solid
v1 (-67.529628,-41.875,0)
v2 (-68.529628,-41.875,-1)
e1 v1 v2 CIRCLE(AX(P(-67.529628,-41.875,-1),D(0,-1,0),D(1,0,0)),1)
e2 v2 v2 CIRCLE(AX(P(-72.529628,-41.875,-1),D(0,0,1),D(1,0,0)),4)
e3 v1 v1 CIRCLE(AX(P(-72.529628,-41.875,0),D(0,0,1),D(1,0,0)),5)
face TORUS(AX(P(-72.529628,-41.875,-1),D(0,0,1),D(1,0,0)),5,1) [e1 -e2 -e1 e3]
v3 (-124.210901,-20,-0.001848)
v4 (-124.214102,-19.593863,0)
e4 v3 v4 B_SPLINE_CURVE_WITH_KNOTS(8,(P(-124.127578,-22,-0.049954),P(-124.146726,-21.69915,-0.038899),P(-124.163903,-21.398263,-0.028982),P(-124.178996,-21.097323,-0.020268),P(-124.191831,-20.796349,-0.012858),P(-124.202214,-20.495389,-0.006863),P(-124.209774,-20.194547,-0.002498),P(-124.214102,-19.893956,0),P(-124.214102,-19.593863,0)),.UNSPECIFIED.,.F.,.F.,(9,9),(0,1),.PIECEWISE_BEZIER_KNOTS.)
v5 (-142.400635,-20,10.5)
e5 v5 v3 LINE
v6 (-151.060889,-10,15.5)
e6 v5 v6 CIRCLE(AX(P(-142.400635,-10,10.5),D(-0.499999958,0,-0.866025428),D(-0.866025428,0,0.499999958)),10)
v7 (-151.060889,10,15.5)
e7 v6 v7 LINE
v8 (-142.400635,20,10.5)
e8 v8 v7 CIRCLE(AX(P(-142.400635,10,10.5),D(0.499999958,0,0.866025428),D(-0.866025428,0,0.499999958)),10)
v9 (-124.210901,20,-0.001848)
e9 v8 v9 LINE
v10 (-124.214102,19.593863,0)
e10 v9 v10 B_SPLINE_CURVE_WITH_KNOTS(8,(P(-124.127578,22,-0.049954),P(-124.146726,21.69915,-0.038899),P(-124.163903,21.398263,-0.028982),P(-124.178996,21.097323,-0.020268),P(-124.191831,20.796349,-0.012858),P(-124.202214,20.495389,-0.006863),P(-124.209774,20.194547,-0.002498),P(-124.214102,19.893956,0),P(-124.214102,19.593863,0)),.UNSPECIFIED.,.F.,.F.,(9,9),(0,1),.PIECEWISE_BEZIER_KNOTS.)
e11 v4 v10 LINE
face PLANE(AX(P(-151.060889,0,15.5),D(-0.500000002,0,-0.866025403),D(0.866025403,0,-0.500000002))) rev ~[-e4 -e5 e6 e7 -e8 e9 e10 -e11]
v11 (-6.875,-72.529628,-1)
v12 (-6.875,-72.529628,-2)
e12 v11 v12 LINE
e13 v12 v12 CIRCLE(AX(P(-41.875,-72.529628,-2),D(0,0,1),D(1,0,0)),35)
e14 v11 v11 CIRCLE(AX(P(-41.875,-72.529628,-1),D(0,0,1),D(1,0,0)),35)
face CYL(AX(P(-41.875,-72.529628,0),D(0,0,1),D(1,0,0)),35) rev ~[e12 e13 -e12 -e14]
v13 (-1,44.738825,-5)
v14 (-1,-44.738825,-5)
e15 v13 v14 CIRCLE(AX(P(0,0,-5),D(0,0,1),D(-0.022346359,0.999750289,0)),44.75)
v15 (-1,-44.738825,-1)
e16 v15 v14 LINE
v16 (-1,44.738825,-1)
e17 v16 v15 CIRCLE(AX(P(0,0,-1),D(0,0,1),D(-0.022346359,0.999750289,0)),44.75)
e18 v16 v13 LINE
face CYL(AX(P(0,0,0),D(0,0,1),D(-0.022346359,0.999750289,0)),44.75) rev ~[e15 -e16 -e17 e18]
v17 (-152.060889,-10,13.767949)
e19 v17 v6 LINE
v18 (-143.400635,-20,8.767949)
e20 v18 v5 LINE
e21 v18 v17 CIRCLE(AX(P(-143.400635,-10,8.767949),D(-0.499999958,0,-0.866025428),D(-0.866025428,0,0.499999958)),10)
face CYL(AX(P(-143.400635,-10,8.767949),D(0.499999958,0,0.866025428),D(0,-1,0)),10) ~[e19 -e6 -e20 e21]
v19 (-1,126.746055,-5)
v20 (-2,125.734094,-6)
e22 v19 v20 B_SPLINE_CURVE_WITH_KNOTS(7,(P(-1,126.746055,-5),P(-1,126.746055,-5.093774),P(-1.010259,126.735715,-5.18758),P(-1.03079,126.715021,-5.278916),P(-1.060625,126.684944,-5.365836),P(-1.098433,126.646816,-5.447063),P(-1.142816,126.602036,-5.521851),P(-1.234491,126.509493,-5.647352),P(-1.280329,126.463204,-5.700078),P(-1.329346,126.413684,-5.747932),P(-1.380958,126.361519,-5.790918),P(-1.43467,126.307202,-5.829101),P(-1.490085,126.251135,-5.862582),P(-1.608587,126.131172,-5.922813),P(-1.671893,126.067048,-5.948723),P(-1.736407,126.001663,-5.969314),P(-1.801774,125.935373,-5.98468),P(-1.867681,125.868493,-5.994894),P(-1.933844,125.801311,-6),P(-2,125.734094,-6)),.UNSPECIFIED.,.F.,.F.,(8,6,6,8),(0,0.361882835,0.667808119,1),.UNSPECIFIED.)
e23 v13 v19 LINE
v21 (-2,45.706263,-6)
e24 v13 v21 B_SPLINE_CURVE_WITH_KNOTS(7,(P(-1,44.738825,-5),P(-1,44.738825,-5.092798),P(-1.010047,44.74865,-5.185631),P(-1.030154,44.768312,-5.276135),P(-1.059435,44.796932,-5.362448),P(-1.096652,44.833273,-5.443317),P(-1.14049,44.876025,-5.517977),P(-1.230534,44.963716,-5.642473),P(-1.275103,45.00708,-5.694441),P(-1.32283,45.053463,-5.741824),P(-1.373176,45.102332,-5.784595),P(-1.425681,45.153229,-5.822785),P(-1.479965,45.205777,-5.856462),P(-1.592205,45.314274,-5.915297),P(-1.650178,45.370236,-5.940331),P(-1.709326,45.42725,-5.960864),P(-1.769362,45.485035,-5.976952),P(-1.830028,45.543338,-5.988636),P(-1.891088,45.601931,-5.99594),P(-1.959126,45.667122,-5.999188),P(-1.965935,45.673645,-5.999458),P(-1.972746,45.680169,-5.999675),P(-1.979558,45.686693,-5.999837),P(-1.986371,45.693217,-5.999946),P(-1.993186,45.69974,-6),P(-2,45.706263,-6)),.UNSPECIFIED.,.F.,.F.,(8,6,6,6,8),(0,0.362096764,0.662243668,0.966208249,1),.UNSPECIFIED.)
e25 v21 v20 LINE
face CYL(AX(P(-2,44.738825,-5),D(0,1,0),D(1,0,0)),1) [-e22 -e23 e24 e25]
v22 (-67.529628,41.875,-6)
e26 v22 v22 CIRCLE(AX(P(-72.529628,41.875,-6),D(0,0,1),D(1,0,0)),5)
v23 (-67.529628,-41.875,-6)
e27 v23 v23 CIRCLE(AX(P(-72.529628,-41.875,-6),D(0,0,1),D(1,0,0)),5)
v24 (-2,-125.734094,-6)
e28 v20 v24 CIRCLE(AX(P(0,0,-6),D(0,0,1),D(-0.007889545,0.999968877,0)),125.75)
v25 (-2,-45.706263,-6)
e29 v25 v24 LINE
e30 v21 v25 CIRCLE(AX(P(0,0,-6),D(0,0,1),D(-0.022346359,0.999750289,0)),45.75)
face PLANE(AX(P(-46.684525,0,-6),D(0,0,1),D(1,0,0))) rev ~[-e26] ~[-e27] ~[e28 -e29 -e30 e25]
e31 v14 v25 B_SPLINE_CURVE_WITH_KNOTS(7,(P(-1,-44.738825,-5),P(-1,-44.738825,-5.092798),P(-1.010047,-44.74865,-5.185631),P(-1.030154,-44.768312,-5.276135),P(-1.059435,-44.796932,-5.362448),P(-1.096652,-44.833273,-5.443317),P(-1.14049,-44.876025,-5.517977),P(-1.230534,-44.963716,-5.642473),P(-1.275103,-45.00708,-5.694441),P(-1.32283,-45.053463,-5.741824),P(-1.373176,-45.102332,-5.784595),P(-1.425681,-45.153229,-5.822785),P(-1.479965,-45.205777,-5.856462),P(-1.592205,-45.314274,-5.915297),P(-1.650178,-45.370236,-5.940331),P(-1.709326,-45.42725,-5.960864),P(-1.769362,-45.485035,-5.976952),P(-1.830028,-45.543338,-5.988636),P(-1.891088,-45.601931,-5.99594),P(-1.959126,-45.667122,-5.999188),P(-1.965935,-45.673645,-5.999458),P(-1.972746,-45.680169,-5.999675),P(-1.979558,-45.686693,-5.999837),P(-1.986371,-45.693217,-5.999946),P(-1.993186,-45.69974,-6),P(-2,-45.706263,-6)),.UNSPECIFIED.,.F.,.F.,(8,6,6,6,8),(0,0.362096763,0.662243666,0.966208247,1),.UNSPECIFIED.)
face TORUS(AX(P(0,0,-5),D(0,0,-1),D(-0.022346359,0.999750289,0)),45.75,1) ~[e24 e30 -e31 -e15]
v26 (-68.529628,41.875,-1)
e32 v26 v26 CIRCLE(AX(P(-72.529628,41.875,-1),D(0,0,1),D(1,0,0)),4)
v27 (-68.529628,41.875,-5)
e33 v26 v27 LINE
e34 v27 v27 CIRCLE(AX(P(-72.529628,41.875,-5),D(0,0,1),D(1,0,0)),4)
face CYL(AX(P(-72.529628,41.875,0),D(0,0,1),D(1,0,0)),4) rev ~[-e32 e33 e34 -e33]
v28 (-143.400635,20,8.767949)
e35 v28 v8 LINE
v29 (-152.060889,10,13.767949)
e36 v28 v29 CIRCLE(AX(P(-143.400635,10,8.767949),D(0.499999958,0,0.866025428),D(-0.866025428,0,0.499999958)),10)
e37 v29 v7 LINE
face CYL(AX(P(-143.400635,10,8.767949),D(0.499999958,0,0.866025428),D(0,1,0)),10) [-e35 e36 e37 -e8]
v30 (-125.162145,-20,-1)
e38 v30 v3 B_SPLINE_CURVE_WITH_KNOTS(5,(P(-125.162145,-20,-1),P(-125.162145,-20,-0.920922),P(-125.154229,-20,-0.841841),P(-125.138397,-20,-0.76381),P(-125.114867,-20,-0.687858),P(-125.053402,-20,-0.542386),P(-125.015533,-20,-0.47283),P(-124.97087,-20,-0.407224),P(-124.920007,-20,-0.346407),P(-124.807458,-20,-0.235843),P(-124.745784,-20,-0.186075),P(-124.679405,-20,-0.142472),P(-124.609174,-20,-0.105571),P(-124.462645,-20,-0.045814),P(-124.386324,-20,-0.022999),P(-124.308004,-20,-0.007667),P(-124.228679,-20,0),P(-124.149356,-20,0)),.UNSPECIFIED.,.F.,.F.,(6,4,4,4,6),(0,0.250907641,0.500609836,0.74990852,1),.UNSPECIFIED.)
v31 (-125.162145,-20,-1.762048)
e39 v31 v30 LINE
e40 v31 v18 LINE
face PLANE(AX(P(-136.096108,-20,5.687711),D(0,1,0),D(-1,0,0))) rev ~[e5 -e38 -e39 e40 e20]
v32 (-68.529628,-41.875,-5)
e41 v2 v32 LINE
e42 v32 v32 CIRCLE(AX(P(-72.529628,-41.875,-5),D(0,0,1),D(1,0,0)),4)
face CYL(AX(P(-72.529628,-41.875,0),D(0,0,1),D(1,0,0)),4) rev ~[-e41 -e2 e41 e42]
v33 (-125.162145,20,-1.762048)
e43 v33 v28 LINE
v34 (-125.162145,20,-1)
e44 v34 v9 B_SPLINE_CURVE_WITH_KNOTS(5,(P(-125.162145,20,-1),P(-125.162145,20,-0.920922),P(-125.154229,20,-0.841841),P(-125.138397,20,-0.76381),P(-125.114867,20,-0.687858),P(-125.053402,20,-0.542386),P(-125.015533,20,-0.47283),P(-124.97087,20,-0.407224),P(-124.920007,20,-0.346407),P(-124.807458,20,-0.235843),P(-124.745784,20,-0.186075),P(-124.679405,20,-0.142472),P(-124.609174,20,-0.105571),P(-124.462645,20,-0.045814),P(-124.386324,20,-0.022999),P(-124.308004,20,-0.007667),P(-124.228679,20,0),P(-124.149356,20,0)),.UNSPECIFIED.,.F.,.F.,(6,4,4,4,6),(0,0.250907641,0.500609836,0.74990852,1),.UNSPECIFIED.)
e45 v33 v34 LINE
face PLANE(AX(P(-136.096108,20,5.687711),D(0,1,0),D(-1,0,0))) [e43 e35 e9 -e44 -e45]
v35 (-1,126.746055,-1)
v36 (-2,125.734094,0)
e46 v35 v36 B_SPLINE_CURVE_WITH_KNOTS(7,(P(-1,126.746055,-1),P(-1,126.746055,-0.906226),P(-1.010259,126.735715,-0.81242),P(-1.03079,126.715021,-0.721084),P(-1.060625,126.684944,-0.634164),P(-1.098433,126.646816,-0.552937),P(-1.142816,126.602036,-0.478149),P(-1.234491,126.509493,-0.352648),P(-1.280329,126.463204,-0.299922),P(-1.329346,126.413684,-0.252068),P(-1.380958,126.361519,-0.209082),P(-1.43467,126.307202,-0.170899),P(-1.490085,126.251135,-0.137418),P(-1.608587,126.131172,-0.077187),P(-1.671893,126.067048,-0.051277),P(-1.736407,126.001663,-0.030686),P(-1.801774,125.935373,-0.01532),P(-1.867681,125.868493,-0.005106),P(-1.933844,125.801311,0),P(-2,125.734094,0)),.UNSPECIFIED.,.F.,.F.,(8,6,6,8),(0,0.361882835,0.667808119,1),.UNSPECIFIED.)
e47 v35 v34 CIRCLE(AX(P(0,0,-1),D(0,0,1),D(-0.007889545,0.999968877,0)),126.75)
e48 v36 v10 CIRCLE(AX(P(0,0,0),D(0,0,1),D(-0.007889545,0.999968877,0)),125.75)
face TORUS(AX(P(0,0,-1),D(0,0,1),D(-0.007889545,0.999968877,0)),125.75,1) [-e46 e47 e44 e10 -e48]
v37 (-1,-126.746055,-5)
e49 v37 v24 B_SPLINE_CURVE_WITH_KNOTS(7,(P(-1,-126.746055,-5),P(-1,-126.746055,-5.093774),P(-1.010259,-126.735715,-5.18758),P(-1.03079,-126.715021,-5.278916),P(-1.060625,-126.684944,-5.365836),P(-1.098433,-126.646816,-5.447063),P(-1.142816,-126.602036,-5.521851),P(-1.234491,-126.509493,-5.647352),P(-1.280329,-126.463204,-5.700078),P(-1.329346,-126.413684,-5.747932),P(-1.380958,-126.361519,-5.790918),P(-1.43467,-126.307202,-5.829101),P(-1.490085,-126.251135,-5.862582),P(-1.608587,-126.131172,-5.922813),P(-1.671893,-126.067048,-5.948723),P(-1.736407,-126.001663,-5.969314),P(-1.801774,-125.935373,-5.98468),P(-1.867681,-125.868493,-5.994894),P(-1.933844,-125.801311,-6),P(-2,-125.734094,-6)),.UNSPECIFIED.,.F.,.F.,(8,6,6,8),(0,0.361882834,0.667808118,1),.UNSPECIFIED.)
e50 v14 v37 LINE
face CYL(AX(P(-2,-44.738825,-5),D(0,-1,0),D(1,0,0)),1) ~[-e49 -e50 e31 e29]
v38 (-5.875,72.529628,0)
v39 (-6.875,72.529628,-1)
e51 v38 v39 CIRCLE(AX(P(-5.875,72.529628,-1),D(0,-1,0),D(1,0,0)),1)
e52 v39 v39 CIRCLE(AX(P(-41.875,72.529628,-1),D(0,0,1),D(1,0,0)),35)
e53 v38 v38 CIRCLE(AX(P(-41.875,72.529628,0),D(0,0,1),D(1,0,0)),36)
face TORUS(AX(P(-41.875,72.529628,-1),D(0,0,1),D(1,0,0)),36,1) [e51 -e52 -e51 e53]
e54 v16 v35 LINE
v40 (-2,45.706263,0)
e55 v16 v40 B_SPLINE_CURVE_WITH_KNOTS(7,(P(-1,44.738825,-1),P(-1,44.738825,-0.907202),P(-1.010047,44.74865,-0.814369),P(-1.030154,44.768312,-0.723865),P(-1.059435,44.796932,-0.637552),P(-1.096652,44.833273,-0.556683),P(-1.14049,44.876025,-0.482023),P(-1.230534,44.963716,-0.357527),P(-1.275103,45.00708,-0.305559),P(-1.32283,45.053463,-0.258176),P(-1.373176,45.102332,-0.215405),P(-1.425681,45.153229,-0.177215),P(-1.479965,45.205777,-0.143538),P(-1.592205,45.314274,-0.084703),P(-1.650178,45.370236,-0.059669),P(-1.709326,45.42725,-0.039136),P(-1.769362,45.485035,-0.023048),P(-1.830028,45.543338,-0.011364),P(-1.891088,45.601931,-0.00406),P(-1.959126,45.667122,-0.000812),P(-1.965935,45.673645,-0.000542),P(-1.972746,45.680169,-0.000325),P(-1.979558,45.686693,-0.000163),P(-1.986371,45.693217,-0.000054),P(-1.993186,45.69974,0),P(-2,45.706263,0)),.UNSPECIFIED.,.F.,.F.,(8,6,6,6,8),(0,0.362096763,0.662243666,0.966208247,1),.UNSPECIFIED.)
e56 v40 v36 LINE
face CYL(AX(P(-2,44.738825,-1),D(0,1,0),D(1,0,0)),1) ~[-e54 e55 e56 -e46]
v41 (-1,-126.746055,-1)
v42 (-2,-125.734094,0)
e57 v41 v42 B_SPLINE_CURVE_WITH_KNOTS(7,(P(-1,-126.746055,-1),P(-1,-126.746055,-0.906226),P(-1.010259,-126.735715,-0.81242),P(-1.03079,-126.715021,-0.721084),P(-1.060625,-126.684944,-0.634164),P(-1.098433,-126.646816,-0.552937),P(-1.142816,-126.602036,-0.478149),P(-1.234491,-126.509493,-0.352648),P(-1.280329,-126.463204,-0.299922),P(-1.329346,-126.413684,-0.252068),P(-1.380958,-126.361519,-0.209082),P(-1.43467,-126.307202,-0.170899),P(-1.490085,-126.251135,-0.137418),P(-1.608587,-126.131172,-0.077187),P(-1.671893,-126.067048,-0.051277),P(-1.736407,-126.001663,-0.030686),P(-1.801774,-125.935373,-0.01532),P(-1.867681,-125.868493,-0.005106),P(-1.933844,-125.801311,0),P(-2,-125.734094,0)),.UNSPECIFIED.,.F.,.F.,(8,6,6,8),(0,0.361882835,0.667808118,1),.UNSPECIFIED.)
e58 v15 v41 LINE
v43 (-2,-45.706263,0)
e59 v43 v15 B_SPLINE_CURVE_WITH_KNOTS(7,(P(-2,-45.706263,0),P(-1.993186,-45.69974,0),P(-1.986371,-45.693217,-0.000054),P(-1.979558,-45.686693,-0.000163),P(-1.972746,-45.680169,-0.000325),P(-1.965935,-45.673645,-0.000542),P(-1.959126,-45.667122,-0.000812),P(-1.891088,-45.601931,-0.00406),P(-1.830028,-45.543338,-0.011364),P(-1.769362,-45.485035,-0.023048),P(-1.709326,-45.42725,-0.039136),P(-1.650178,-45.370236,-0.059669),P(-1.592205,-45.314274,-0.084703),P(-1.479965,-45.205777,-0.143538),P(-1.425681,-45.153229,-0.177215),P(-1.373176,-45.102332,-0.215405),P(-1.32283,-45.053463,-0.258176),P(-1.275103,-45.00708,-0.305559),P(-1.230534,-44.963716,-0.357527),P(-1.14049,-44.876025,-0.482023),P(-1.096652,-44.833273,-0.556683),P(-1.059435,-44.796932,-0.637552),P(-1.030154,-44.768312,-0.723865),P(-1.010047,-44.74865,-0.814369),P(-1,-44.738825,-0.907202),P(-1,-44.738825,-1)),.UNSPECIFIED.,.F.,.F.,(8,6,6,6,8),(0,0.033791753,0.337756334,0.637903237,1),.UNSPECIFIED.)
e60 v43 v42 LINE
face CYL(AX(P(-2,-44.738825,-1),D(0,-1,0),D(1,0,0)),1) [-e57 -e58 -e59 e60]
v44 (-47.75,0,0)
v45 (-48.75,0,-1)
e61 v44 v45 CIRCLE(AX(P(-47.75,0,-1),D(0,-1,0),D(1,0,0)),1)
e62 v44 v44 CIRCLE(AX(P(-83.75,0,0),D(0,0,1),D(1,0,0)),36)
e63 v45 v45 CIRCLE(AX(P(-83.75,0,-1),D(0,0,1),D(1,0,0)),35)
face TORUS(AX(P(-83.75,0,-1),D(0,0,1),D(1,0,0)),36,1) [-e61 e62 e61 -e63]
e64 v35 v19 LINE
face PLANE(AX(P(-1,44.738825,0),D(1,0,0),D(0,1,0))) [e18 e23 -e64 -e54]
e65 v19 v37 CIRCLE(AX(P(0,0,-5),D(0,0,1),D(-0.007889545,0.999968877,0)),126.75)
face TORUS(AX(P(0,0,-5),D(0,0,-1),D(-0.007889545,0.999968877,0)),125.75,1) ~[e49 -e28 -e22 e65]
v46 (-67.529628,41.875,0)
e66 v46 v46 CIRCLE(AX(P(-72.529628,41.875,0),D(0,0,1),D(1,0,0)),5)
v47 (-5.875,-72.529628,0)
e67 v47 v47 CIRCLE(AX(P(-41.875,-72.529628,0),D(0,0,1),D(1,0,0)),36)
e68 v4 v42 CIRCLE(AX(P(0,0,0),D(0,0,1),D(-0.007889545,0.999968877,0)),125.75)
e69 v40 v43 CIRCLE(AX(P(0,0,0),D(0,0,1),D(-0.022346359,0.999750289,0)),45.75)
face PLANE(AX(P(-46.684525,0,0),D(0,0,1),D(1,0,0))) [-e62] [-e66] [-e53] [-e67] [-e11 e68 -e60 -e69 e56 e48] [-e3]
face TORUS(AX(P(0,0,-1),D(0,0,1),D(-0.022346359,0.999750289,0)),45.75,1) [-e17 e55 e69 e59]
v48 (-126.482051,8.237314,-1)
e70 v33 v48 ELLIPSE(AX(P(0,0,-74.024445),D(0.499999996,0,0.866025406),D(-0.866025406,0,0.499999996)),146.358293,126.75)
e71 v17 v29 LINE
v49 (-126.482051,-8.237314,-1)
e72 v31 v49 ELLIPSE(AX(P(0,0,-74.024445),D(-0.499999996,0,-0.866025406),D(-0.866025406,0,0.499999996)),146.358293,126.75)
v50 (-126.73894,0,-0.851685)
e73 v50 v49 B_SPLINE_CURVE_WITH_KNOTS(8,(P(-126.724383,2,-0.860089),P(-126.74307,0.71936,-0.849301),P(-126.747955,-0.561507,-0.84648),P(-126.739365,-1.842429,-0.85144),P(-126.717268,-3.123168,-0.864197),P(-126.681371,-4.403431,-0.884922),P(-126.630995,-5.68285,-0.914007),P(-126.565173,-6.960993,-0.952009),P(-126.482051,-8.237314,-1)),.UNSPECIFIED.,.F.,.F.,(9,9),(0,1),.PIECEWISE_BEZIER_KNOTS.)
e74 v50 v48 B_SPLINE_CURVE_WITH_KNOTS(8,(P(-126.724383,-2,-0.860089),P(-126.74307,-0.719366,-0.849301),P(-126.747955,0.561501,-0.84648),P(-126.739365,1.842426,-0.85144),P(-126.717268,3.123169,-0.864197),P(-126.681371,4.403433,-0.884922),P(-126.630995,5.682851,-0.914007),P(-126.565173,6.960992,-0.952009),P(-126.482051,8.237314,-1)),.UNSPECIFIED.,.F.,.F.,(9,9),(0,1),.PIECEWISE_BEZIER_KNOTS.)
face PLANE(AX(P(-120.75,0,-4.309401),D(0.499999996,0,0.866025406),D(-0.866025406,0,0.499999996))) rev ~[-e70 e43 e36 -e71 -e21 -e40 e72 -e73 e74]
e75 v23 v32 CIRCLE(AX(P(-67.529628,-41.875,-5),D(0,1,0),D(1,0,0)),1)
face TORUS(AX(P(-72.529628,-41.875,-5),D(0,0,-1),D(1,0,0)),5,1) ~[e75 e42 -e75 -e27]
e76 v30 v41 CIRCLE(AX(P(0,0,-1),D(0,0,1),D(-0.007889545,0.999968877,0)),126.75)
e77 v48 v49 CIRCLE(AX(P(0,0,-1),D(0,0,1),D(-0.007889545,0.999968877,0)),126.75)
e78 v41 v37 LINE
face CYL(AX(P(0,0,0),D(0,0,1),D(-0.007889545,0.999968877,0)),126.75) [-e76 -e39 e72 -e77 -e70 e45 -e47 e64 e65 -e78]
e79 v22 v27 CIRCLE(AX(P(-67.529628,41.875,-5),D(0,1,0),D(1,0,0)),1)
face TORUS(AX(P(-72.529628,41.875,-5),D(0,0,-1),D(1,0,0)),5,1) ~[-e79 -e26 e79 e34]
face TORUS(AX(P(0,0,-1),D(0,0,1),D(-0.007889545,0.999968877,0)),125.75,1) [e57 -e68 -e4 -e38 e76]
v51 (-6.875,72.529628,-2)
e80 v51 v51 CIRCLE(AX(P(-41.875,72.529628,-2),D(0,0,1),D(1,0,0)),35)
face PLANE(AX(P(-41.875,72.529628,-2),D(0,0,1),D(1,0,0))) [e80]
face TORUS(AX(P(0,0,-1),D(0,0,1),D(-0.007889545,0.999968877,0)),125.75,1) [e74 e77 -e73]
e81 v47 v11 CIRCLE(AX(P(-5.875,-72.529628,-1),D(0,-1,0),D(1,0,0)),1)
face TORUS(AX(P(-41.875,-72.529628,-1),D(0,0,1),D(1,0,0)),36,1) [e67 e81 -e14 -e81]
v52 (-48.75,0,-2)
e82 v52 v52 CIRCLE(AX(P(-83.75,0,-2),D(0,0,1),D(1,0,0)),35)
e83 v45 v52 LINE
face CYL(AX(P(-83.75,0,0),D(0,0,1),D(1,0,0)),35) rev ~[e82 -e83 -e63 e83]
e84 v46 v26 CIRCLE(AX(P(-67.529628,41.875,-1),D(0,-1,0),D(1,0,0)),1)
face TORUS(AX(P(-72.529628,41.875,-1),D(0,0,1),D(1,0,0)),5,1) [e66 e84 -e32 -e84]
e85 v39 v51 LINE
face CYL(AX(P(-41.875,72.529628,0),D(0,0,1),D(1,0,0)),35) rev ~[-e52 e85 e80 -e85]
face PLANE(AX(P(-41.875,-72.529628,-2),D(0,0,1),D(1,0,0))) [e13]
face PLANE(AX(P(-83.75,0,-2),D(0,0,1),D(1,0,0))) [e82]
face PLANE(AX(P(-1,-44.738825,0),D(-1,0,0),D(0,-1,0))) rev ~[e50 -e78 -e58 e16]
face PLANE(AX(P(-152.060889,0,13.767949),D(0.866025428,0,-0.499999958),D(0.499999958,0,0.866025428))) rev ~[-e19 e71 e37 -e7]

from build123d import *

# Parameters (mm, degrees)
SKETCH034_R       = 4
PAD011_DEPTH      = 6
SKETCH035_R       = 35
POCKET009_DEPTH   = 2
FILLET007_R       = 1
PAD012_DEPTH      = 20
PAD012_DEPTH_BACK = 20
FILLET008_R       = 10


with BuildPart() as part:
    # Sketch034 → Pad011 (new body)
    with BuildSketch(Plane.XY):
        with BuildLine():
            ThreePointArc((-1, 126.746055), (-126.75, 0), (-1, -126.746055))
            Line((-1, -44.738825), (-1, -126.746055))
            ThreePointArc((-1, 44.738825), (-44.75, 0), (-1, -44.738825))
            Line((-1, 44.738825), (-1, 126.746055))
        make_face()
        with Locations((-72.529628, 41.875)):
            Circle(SKETCH034_R, mode=Mode.SUBTRACT)
        with Locations((-72.529628, -41.875)):
            Circle(SKETCH034_R, mode=Mode.SUBTRACT)
    extrude(amount=-PAD011_DEPTH)

    # Sketch035 → Pocket009 (cut)
    with BuildSketch(Plane.XY):
        with Locations((-41.875, 72.529628)):
            Circle(SKETCH035_R)
        with Locations((-83.75, 0)):
            Circle(SKETCH035_R)
        with Locations((-41.875, -72.529628)):
            Circle(SKETCH035_R)
    extrude(amount=-POCKET009_DEPTH, mode=Mode.SUBTRACT)

    # Fillet007
    fillet007_edges = [part.edges().sort_by_distance(p)[0] for p in [
        (-1, 85.74244, 0),
        (-44.75, 0, 0),
        (-126.75, 0, 0),
        (-1, -85.74244, 0),
        (-76.529628, -41.875, 0),
        (-118.75, 0, 0),
        (-76.875, -72.529628, 0),
        (-76.529628, 41.875, 0),
        (-76.875, 72.529628, 0),
        (-1, 85.74244, -6),
        (-126.75, 0, -6),
        (-1, -85.74244, -6),
        (-44.75, 0, -6),
        (-76.529628, 41.875, -6),
        (-76.529628, -41.875, -6),
    ]]
    fillet(fillet007_edges, radius=FILLET007_R)

    # Sketch036 → Pad012 (join, two sides)
    with BuildSketch(Plane.XZ) as pad012_sk:
        Polygon((-120.75, -4.309401), (-152.060889, 13.767949), (-151.060889, 15.5), (-120.75, -2), align=None)
    extrude(amount=PAD012_DEPTH)
    extrude(pad012_sk.sketch, amount=-PAD012_DEPTH_BACK)

    # Fillet008
    fillet008_edges = [part.edges().sort_by_distance(p)[0] for p in [
        (-151.560889, -20, 14.633975),
        (-151.560889, 20, 14.633975),
    ]]
    fillet(fillet008_edges, radius=FILLET008_R)


solid = part.part
